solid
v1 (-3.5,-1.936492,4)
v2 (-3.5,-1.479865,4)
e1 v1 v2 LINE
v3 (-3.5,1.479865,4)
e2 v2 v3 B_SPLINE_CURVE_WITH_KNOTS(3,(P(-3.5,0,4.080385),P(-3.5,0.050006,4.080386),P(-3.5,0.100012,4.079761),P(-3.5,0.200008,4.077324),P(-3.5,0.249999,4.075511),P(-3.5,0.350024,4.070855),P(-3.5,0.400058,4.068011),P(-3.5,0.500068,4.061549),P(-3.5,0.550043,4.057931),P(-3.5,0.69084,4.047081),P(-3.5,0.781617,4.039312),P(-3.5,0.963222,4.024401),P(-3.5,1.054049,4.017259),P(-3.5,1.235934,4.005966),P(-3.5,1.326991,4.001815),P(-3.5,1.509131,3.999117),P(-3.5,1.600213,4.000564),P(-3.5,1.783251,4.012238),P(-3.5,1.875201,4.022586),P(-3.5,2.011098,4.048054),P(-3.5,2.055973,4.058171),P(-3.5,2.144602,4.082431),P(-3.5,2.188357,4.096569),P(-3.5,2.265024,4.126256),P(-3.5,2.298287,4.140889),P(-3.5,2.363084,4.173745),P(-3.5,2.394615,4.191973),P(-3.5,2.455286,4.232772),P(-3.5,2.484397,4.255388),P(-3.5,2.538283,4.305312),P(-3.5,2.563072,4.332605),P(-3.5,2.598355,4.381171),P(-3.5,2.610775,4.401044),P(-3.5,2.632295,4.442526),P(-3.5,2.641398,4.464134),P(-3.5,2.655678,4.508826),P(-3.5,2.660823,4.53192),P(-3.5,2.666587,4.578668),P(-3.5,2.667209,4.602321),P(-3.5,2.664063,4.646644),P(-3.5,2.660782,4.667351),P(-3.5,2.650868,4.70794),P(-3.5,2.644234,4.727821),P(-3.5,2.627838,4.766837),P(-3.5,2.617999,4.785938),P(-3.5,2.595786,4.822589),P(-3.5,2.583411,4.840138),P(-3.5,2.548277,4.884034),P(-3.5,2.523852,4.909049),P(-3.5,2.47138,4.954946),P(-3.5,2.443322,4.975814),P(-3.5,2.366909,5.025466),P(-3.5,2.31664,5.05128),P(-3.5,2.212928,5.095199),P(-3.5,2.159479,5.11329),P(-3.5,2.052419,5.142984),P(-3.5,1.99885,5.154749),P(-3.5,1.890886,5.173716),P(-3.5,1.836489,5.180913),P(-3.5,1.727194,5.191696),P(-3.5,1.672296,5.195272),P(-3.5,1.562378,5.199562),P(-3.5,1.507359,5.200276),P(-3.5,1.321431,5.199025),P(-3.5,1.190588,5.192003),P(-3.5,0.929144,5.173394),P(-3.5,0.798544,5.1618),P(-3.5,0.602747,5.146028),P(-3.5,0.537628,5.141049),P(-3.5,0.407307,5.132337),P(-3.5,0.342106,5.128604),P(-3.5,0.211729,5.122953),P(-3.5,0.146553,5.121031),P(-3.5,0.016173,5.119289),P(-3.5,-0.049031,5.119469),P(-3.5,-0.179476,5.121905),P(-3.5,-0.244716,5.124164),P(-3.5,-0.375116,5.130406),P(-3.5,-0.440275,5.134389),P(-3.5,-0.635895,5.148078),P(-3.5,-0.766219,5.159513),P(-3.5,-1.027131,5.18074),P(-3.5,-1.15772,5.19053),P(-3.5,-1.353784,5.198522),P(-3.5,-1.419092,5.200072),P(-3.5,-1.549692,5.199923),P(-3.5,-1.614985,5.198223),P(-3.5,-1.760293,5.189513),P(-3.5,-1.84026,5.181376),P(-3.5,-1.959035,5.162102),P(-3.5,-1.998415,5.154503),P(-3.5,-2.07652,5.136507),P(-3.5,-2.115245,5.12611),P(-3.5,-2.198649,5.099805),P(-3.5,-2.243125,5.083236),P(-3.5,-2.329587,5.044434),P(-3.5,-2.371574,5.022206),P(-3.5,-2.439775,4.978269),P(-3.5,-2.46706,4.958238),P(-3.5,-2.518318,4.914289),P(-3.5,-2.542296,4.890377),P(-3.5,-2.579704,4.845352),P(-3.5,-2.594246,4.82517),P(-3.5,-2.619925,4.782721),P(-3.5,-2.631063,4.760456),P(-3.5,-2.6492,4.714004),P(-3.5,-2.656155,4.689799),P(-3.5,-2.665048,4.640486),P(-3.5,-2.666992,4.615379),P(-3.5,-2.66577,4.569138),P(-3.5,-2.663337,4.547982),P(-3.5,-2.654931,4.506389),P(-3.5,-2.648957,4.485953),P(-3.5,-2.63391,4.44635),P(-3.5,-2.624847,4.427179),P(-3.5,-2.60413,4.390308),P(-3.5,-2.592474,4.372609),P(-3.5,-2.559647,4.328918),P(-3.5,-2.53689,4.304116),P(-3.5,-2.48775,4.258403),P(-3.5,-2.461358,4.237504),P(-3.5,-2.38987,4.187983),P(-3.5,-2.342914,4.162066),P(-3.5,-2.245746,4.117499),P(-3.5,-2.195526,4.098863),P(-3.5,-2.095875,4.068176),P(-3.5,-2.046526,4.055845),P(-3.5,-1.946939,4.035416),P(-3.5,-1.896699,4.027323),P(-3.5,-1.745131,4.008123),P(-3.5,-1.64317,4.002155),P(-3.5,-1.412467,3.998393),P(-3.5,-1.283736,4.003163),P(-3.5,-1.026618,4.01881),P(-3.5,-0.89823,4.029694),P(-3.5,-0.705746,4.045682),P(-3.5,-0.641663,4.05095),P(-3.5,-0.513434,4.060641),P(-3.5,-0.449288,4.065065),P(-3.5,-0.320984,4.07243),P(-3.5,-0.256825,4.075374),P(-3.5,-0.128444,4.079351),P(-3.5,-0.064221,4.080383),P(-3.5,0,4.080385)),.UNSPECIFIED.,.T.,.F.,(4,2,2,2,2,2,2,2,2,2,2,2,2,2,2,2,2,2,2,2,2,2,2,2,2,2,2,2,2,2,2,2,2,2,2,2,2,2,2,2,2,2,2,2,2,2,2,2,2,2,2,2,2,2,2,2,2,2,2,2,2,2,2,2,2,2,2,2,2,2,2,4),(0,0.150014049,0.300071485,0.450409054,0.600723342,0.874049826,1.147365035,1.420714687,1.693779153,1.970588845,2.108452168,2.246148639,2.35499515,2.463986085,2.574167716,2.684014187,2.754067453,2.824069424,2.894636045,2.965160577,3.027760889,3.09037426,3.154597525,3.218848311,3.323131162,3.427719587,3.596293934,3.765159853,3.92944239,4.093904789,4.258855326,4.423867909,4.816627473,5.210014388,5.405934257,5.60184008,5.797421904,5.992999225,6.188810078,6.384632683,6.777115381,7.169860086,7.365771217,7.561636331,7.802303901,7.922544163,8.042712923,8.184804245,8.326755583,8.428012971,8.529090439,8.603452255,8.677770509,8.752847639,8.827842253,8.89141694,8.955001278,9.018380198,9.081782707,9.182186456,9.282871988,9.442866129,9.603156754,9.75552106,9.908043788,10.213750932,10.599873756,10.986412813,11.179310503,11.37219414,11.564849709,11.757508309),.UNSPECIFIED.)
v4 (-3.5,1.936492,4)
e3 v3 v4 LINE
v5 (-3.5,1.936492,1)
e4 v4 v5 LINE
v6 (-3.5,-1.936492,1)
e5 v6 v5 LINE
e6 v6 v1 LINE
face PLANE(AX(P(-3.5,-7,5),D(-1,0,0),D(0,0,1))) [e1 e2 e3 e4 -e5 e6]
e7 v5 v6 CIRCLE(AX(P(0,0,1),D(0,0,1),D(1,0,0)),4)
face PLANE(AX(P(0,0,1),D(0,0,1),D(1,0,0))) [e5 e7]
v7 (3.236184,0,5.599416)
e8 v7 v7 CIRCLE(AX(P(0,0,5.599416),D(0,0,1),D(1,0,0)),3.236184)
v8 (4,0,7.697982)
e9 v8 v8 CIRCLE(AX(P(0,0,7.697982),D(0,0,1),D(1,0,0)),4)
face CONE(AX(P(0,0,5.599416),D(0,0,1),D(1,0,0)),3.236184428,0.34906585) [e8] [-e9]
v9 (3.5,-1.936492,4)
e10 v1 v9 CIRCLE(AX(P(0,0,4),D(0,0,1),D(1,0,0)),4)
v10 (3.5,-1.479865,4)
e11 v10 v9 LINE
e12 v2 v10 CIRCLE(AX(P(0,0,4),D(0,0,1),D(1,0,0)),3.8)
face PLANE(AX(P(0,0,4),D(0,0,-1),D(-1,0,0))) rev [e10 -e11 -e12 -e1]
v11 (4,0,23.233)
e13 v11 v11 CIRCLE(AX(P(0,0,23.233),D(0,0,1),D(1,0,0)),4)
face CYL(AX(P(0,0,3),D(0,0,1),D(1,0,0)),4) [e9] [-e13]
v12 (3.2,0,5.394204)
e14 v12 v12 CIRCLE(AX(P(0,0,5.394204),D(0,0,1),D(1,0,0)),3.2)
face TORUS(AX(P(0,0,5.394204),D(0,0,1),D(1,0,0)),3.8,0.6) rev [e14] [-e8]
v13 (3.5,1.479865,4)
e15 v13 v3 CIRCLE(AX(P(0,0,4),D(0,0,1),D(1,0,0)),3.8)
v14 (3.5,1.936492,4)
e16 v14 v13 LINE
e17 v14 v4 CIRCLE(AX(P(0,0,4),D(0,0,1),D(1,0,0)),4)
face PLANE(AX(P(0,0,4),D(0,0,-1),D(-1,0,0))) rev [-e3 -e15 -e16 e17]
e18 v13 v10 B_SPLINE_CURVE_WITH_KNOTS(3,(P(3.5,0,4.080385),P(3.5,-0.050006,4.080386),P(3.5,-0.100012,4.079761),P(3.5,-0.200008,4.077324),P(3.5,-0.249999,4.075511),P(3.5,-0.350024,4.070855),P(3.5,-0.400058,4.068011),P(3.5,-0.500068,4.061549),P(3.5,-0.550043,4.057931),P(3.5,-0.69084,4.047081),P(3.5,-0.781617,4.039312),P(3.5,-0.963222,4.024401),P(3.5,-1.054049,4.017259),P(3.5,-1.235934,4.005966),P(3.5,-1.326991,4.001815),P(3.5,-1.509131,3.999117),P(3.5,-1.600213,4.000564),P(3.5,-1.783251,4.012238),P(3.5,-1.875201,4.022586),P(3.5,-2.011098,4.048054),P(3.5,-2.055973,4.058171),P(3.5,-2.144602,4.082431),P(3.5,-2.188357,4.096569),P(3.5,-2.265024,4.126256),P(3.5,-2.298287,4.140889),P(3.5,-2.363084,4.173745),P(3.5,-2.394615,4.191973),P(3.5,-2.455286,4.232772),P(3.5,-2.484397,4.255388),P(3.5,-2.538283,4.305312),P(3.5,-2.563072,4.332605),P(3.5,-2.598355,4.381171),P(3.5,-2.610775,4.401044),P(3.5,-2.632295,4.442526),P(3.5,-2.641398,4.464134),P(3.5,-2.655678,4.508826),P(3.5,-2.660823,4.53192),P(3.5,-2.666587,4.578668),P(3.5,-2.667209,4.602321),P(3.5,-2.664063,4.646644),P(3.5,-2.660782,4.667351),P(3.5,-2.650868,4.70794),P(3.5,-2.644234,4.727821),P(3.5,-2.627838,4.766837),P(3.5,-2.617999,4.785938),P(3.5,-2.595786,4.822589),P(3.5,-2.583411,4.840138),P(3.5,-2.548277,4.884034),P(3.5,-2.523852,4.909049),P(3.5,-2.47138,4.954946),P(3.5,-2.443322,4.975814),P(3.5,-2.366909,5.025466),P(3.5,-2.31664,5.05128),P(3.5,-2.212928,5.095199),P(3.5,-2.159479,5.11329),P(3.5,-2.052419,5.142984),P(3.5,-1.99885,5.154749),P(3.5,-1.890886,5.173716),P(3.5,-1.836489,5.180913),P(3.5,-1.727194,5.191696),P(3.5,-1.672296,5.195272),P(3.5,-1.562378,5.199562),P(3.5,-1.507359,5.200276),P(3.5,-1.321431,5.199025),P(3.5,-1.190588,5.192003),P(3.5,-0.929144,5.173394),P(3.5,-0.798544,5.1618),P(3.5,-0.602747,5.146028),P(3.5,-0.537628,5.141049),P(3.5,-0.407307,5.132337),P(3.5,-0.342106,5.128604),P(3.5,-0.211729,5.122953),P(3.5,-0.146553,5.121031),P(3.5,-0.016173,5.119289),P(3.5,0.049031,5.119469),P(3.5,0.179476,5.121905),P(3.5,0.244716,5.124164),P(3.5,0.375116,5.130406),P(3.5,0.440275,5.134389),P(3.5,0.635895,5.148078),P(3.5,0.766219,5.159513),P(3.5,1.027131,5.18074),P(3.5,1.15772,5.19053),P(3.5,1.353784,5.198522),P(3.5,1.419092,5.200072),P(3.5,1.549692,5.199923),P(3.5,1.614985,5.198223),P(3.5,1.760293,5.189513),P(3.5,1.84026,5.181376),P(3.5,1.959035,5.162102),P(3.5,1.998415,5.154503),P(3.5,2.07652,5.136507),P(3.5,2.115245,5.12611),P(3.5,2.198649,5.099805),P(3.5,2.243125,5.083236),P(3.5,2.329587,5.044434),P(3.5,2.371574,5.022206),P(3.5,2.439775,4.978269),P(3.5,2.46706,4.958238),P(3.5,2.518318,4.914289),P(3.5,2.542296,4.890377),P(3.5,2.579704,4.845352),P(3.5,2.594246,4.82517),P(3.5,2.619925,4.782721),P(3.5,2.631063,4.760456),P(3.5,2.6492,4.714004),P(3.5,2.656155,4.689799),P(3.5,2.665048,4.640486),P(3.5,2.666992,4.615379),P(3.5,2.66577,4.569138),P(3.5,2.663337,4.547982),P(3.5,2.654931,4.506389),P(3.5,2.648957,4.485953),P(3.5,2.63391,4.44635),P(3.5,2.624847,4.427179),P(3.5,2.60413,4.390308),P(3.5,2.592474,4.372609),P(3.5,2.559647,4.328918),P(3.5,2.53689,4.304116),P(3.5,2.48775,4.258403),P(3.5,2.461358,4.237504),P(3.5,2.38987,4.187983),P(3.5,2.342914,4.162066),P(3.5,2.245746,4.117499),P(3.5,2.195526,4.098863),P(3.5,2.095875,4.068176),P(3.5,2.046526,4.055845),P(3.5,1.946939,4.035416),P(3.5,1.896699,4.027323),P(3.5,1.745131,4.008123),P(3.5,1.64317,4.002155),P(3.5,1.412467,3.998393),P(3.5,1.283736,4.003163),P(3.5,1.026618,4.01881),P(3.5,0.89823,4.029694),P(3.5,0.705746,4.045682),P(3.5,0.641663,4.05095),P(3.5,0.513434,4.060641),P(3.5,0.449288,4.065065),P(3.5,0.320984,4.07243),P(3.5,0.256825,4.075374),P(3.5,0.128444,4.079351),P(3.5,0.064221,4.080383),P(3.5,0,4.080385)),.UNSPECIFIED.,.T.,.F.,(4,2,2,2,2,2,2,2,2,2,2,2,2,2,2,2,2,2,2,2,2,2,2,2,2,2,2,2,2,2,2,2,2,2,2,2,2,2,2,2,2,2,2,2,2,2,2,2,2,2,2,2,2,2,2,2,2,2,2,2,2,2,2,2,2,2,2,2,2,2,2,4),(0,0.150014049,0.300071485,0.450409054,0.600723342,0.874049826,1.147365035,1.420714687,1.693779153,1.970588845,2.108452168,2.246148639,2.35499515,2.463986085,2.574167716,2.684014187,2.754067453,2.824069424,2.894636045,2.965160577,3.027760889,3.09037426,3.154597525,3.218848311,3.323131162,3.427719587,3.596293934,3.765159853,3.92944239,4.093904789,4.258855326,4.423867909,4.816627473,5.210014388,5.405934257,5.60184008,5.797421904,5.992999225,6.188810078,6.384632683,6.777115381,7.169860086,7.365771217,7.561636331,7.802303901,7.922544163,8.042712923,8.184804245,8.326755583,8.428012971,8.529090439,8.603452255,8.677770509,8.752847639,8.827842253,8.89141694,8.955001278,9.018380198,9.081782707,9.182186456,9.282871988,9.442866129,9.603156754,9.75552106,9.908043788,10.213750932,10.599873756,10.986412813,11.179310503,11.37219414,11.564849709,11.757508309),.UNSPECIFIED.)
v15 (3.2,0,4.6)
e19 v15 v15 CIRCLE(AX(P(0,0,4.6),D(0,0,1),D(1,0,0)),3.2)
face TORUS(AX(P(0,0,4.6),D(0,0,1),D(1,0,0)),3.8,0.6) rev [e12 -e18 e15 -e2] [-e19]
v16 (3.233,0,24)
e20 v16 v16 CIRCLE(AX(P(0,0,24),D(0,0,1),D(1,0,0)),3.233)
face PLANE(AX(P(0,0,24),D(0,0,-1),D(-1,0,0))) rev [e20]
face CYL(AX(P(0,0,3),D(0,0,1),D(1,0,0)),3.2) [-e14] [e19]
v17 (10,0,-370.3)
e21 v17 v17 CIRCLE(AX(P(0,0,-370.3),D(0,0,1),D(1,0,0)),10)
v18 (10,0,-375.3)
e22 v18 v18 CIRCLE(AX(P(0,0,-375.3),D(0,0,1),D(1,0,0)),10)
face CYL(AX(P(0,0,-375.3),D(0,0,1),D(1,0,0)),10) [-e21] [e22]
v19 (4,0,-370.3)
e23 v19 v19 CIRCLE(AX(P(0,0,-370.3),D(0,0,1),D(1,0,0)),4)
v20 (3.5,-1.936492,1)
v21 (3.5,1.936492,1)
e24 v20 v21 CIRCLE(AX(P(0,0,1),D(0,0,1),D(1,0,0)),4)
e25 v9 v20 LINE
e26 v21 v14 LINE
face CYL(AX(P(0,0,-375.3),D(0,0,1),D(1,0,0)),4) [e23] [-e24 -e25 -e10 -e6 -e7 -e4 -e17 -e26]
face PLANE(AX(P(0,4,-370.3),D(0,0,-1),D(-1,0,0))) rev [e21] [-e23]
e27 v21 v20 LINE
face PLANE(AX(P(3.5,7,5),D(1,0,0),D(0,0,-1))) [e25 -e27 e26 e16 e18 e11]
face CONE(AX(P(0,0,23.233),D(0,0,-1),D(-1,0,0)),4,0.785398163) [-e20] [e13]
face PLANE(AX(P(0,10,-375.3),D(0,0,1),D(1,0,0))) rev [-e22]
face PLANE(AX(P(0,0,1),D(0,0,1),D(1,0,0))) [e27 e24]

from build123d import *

# Parameters (mm, degrees)
SCHNITT_LINEAR_AUSTRAGEN1_DEPTH = 4


with BuildPart() as part:
    # Skizze1 → Rotation1 (revolve)
    with BuildSketch(Plane(origin=(0, 0, 0), x_dir=(0, 0, -1), z_dir=(1, 0, 0))):
        Polygon((-4, 0), (-4, 4), (370.3, 4), (370.3, 10), (375.3, 10), (375.3, 0), align=None)
    revolve(axis=Axis((0, 0, -375.3), (0, 0, 1)))

    # Skizze2 → Rotation2 (revolve)
    with BuildSketch(Plane(origin=(0, 0, 0), x_dir=(0, 0, -1), z_dir=(1, 0, 0))):
        with BuildLine():
            Line((-24, 0), (-24, 3.233))
            Line((-24, 3.233), (-23.233, 4))
            Line((-23.233, 4), (-7.697981936, 4))
            Line((-7.697981936, 4), (-5.599415898, 3.236184428))
            ThreePointArc((-5.599415898, 3.236184428), (-5.498392718, 3.209115348), (-5.394203812, 3.2))
            Line((-5.394203812, 3.2), (-4.6, 3.2))
            ThreePointArc((-4.6, 3.2), (-4.175735931, 3.375735931), (-4, 3.8))
            Line((-4, 3.8), (-4, 4))
            Line((-4, 4), (-3, 4))
            Line((-3, 4), (-3, 0))
            Line((-3, 0), (-24, 0))
        make_face()
    revolve(axis=Axis((0, 0, 3), (0, 0, 1)))

    # Skizze3 → Schnitt-Linear austragen1 (cut)
    with BuildSketch(Plane.XY.offset(1)):
        Polygon((-7, 14), (-7, -7), (-3.5, -7), (-3.5, 7), (3.5, 7), (3.5, -7), (7, -7), (7, 14), align=None)
    extrude(amount=SCHNITT_LINEAR_AUSTRAGEN1_DEPTH, mode=Mode.SUBTRACT)


solid = part.part
